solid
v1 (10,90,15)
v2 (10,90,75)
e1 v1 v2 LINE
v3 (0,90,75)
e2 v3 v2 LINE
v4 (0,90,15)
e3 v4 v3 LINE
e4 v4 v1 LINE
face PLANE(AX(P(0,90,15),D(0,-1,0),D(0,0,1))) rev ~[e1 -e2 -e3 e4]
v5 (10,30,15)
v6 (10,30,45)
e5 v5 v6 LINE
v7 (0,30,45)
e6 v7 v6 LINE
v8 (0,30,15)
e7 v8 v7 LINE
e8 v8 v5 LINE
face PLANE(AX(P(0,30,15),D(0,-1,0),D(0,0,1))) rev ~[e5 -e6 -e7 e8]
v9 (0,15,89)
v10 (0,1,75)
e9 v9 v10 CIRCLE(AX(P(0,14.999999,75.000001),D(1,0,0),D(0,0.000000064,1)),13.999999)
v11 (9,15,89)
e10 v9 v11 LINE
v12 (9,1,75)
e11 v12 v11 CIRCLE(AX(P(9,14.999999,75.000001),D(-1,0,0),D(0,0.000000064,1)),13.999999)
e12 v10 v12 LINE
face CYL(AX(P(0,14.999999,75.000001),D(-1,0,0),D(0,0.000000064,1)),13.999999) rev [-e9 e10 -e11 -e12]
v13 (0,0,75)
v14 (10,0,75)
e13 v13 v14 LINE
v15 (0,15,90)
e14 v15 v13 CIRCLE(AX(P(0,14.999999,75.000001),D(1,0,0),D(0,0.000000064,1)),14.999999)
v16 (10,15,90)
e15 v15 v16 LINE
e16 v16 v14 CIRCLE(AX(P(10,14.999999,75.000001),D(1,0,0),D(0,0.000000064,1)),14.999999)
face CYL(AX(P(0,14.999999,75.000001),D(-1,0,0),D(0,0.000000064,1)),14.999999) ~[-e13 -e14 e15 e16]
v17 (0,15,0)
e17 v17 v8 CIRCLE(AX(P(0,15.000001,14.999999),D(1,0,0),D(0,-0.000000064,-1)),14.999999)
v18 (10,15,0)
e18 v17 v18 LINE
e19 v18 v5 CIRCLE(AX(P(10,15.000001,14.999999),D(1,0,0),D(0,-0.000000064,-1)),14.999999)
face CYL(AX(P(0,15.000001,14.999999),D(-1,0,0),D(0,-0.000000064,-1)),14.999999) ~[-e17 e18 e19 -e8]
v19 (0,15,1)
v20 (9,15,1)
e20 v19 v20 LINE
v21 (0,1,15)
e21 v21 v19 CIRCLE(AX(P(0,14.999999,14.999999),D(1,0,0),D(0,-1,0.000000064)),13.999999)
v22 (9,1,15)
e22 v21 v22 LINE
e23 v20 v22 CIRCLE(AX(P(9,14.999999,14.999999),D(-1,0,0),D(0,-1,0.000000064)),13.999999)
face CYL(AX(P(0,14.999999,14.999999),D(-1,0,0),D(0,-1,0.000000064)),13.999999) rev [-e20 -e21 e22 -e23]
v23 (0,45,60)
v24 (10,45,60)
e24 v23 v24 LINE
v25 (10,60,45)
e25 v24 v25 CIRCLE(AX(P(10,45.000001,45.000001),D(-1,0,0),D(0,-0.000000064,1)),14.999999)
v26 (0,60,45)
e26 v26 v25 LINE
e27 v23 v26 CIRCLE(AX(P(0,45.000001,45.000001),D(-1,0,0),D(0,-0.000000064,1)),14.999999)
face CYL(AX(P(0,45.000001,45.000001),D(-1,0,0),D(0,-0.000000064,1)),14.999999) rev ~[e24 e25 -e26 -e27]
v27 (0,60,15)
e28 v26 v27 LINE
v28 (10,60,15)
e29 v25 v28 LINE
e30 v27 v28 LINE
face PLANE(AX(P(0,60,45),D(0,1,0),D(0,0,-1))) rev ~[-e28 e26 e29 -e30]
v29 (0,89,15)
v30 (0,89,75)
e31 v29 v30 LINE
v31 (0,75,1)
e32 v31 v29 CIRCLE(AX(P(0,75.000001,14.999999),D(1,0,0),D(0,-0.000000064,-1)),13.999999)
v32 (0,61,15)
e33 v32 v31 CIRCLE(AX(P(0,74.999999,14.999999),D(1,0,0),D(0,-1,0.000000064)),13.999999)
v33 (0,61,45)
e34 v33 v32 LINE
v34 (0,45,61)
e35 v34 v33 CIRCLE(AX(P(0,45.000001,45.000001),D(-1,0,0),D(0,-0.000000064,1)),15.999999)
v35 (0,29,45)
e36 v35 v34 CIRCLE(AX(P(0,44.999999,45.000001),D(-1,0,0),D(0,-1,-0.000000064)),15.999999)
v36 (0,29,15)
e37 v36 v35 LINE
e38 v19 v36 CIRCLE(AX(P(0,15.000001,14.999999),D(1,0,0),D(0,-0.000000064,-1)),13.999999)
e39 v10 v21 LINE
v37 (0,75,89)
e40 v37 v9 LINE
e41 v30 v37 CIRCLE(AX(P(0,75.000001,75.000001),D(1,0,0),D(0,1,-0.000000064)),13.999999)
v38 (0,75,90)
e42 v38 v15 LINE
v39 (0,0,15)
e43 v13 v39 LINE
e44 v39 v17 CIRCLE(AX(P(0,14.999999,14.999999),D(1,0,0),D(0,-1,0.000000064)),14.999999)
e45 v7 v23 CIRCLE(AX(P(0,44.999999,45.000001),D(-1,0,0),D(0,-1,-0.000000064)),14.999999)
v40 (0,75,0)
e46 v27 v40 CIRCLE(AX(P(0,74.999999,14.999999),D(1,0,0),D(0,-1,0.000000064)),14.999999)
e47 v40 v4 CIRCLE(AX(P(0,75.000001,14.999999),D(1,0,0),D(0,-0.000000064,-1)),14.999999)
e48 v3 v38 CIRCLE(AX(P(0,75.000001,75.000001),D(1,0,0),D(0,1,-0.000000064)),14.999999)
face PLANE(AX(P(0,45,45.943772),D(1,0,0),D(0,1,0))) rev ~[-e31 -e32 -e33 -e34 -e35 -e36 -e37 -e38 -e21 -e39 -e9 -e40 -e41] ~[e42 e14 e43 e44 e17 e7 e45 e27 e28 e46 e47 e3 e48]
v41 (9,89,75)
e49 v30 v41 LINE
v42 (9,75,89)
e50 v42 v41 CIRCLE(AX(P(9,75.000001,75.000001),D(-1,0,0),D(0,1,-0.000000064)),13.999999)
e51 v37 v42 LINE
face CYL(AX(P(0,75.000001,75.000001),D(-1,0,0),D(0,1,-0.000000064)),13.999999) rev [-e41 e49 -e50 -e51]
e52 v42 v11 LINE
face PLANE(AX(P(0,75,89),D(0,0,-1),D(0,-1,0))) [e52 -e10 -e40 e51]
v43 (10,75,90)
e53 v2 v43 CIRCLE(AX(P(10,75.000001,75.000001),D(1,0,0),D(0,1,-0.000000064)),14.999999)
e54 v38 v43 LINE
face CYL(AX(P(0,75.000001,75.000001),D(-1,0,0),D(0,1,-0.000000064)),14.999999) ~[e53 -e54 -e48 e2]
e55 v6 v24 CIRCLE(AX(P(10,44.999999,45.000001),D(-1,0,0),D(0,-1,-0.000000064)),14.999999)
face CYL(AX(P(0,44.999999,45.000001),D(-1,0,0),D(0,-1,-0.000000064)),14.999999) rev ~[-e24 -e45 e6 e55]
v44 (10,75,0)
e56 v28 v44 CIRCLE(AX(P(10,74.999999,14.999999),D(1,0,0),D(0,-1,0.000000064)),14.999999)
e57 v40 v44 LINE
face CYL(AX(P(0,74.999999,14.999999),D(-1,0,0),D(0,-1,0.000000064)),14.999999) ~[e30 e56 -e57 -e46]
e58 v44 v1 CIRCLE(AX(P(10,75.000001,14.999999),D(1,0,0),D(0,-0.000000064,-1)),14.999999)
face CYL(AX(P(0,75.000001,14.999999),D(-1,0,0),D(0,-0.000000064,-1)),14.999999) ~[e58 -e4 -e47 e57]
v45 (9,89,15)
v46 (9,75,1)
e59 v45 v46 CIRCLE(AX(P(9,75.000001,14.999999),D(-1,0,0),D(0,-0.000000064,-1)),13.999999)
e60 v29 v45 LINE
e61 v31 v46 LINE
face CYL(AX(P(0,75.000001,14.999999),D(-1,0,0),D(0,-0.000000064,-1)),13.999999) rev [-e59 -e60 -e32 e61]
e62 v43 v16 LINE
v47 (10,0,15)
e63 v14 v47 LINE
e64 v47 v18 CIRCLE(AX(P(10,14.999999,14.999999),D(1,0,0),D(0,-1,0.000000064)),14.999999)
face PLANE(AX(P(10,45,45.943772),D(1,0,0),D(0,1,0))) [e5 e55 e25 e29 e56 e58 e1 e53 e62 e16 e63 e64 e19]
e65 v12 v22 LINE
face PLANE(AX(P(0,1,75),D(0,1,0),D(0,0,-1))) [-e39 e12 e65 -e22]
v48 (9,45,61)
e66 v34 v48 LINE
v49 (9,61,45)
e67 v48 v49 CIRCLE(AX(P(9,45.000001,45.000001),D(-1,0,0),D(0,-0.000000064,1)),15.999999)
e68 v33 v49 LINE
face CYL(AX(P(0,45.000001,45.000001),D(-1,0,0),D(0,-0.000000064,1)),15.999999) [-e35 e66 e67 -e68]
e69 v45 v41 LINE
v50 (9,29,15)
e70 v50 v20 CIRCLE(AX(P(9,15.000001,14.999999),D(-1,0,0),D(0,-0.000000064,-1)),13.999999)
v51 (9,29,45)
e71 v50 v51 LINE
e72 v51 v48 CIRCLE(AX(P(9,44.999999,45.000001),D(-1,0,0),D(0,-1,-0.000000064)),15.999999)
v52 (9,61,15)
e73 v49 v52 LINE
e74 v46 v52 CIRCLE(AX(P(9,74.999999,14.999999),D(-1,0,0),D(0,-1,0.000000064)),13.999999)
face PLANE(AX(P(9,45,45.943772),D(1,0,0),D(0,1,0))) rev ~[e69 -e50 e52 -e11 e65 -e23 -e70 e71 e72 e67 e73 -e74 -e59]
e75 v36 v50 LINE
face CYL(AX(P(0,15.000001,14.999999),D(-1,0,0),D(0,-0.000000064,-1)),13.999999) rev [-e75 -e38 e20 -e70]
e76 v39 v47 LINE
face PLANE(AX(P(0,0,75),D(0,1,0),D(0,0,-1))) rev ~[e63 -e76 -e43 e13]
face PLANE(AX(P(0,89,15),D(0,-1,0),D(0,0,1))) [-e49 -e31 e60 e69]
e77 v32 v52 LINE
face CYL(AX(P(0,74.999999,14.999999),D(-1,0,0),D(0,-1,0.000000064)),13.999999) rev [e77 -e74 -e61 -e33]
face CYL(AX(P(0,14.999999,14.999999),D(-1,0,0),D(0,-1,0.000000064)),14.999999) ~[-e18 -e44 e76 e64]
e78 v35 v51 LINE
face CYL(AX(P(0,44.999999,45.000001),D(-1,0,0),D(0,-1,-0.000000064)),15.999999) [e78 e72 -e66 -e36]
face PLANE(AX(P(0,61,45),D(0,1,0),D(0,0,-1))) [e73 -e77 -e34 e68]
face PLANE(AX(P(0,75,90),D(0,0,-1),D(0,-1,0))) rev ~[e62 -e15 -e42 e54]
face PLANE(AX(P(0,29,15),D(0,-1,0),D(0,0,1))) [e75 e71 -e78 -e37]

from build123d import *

# Parameters (mm, degrees)
F1_DEPTH = 10
F2_T     = -1


with BuildPart() as f1:
    # F0 (on Right) → F1 (new body)
    with BuildSketch(Plane.YZ):
        with BuildLine():
            Line((75, 90), (15, 90))
            ThreePointArc((15, 90), (4.393398, 85.606602), (0, 75))
            Line((0, 75), (0, 15))
            ThreePointArc((0, 15), (4.393398, 4.393398), (15, 0))
            ThreePointArc((15, 0), (25.606602, 4.393398), (30, 15))
            Line((30, 15), (30, 45))
            ThreePointArc((30, 45), (34.393398, 55.606602), (45, 60))
            ThreePointArc((45, 60), (55.606602, 55.606602), (60, 45))
            Line((60, 45), (60, 15))
            ThreePointArc((60, 15), (64.393398, 4.393398), (75, 0))
            ThreePointArc((75, 0), (85.606602, 4.393398), (90, 15))
            Line((90, 15), (90, 75))
            ThreePointArc((90, 75), (85.606602, 85.606602), (75, 90))
        make_face()
    extrude(amount=F1_DEPTH)

    # F2
    f2_openings = [f1.faces().sort_by_distance(p)[0] for p in [
        (0, 45, 88.727208),
    ]]
    offset(amount=F2_T, openings=f2_openings)


solid = f1.part
